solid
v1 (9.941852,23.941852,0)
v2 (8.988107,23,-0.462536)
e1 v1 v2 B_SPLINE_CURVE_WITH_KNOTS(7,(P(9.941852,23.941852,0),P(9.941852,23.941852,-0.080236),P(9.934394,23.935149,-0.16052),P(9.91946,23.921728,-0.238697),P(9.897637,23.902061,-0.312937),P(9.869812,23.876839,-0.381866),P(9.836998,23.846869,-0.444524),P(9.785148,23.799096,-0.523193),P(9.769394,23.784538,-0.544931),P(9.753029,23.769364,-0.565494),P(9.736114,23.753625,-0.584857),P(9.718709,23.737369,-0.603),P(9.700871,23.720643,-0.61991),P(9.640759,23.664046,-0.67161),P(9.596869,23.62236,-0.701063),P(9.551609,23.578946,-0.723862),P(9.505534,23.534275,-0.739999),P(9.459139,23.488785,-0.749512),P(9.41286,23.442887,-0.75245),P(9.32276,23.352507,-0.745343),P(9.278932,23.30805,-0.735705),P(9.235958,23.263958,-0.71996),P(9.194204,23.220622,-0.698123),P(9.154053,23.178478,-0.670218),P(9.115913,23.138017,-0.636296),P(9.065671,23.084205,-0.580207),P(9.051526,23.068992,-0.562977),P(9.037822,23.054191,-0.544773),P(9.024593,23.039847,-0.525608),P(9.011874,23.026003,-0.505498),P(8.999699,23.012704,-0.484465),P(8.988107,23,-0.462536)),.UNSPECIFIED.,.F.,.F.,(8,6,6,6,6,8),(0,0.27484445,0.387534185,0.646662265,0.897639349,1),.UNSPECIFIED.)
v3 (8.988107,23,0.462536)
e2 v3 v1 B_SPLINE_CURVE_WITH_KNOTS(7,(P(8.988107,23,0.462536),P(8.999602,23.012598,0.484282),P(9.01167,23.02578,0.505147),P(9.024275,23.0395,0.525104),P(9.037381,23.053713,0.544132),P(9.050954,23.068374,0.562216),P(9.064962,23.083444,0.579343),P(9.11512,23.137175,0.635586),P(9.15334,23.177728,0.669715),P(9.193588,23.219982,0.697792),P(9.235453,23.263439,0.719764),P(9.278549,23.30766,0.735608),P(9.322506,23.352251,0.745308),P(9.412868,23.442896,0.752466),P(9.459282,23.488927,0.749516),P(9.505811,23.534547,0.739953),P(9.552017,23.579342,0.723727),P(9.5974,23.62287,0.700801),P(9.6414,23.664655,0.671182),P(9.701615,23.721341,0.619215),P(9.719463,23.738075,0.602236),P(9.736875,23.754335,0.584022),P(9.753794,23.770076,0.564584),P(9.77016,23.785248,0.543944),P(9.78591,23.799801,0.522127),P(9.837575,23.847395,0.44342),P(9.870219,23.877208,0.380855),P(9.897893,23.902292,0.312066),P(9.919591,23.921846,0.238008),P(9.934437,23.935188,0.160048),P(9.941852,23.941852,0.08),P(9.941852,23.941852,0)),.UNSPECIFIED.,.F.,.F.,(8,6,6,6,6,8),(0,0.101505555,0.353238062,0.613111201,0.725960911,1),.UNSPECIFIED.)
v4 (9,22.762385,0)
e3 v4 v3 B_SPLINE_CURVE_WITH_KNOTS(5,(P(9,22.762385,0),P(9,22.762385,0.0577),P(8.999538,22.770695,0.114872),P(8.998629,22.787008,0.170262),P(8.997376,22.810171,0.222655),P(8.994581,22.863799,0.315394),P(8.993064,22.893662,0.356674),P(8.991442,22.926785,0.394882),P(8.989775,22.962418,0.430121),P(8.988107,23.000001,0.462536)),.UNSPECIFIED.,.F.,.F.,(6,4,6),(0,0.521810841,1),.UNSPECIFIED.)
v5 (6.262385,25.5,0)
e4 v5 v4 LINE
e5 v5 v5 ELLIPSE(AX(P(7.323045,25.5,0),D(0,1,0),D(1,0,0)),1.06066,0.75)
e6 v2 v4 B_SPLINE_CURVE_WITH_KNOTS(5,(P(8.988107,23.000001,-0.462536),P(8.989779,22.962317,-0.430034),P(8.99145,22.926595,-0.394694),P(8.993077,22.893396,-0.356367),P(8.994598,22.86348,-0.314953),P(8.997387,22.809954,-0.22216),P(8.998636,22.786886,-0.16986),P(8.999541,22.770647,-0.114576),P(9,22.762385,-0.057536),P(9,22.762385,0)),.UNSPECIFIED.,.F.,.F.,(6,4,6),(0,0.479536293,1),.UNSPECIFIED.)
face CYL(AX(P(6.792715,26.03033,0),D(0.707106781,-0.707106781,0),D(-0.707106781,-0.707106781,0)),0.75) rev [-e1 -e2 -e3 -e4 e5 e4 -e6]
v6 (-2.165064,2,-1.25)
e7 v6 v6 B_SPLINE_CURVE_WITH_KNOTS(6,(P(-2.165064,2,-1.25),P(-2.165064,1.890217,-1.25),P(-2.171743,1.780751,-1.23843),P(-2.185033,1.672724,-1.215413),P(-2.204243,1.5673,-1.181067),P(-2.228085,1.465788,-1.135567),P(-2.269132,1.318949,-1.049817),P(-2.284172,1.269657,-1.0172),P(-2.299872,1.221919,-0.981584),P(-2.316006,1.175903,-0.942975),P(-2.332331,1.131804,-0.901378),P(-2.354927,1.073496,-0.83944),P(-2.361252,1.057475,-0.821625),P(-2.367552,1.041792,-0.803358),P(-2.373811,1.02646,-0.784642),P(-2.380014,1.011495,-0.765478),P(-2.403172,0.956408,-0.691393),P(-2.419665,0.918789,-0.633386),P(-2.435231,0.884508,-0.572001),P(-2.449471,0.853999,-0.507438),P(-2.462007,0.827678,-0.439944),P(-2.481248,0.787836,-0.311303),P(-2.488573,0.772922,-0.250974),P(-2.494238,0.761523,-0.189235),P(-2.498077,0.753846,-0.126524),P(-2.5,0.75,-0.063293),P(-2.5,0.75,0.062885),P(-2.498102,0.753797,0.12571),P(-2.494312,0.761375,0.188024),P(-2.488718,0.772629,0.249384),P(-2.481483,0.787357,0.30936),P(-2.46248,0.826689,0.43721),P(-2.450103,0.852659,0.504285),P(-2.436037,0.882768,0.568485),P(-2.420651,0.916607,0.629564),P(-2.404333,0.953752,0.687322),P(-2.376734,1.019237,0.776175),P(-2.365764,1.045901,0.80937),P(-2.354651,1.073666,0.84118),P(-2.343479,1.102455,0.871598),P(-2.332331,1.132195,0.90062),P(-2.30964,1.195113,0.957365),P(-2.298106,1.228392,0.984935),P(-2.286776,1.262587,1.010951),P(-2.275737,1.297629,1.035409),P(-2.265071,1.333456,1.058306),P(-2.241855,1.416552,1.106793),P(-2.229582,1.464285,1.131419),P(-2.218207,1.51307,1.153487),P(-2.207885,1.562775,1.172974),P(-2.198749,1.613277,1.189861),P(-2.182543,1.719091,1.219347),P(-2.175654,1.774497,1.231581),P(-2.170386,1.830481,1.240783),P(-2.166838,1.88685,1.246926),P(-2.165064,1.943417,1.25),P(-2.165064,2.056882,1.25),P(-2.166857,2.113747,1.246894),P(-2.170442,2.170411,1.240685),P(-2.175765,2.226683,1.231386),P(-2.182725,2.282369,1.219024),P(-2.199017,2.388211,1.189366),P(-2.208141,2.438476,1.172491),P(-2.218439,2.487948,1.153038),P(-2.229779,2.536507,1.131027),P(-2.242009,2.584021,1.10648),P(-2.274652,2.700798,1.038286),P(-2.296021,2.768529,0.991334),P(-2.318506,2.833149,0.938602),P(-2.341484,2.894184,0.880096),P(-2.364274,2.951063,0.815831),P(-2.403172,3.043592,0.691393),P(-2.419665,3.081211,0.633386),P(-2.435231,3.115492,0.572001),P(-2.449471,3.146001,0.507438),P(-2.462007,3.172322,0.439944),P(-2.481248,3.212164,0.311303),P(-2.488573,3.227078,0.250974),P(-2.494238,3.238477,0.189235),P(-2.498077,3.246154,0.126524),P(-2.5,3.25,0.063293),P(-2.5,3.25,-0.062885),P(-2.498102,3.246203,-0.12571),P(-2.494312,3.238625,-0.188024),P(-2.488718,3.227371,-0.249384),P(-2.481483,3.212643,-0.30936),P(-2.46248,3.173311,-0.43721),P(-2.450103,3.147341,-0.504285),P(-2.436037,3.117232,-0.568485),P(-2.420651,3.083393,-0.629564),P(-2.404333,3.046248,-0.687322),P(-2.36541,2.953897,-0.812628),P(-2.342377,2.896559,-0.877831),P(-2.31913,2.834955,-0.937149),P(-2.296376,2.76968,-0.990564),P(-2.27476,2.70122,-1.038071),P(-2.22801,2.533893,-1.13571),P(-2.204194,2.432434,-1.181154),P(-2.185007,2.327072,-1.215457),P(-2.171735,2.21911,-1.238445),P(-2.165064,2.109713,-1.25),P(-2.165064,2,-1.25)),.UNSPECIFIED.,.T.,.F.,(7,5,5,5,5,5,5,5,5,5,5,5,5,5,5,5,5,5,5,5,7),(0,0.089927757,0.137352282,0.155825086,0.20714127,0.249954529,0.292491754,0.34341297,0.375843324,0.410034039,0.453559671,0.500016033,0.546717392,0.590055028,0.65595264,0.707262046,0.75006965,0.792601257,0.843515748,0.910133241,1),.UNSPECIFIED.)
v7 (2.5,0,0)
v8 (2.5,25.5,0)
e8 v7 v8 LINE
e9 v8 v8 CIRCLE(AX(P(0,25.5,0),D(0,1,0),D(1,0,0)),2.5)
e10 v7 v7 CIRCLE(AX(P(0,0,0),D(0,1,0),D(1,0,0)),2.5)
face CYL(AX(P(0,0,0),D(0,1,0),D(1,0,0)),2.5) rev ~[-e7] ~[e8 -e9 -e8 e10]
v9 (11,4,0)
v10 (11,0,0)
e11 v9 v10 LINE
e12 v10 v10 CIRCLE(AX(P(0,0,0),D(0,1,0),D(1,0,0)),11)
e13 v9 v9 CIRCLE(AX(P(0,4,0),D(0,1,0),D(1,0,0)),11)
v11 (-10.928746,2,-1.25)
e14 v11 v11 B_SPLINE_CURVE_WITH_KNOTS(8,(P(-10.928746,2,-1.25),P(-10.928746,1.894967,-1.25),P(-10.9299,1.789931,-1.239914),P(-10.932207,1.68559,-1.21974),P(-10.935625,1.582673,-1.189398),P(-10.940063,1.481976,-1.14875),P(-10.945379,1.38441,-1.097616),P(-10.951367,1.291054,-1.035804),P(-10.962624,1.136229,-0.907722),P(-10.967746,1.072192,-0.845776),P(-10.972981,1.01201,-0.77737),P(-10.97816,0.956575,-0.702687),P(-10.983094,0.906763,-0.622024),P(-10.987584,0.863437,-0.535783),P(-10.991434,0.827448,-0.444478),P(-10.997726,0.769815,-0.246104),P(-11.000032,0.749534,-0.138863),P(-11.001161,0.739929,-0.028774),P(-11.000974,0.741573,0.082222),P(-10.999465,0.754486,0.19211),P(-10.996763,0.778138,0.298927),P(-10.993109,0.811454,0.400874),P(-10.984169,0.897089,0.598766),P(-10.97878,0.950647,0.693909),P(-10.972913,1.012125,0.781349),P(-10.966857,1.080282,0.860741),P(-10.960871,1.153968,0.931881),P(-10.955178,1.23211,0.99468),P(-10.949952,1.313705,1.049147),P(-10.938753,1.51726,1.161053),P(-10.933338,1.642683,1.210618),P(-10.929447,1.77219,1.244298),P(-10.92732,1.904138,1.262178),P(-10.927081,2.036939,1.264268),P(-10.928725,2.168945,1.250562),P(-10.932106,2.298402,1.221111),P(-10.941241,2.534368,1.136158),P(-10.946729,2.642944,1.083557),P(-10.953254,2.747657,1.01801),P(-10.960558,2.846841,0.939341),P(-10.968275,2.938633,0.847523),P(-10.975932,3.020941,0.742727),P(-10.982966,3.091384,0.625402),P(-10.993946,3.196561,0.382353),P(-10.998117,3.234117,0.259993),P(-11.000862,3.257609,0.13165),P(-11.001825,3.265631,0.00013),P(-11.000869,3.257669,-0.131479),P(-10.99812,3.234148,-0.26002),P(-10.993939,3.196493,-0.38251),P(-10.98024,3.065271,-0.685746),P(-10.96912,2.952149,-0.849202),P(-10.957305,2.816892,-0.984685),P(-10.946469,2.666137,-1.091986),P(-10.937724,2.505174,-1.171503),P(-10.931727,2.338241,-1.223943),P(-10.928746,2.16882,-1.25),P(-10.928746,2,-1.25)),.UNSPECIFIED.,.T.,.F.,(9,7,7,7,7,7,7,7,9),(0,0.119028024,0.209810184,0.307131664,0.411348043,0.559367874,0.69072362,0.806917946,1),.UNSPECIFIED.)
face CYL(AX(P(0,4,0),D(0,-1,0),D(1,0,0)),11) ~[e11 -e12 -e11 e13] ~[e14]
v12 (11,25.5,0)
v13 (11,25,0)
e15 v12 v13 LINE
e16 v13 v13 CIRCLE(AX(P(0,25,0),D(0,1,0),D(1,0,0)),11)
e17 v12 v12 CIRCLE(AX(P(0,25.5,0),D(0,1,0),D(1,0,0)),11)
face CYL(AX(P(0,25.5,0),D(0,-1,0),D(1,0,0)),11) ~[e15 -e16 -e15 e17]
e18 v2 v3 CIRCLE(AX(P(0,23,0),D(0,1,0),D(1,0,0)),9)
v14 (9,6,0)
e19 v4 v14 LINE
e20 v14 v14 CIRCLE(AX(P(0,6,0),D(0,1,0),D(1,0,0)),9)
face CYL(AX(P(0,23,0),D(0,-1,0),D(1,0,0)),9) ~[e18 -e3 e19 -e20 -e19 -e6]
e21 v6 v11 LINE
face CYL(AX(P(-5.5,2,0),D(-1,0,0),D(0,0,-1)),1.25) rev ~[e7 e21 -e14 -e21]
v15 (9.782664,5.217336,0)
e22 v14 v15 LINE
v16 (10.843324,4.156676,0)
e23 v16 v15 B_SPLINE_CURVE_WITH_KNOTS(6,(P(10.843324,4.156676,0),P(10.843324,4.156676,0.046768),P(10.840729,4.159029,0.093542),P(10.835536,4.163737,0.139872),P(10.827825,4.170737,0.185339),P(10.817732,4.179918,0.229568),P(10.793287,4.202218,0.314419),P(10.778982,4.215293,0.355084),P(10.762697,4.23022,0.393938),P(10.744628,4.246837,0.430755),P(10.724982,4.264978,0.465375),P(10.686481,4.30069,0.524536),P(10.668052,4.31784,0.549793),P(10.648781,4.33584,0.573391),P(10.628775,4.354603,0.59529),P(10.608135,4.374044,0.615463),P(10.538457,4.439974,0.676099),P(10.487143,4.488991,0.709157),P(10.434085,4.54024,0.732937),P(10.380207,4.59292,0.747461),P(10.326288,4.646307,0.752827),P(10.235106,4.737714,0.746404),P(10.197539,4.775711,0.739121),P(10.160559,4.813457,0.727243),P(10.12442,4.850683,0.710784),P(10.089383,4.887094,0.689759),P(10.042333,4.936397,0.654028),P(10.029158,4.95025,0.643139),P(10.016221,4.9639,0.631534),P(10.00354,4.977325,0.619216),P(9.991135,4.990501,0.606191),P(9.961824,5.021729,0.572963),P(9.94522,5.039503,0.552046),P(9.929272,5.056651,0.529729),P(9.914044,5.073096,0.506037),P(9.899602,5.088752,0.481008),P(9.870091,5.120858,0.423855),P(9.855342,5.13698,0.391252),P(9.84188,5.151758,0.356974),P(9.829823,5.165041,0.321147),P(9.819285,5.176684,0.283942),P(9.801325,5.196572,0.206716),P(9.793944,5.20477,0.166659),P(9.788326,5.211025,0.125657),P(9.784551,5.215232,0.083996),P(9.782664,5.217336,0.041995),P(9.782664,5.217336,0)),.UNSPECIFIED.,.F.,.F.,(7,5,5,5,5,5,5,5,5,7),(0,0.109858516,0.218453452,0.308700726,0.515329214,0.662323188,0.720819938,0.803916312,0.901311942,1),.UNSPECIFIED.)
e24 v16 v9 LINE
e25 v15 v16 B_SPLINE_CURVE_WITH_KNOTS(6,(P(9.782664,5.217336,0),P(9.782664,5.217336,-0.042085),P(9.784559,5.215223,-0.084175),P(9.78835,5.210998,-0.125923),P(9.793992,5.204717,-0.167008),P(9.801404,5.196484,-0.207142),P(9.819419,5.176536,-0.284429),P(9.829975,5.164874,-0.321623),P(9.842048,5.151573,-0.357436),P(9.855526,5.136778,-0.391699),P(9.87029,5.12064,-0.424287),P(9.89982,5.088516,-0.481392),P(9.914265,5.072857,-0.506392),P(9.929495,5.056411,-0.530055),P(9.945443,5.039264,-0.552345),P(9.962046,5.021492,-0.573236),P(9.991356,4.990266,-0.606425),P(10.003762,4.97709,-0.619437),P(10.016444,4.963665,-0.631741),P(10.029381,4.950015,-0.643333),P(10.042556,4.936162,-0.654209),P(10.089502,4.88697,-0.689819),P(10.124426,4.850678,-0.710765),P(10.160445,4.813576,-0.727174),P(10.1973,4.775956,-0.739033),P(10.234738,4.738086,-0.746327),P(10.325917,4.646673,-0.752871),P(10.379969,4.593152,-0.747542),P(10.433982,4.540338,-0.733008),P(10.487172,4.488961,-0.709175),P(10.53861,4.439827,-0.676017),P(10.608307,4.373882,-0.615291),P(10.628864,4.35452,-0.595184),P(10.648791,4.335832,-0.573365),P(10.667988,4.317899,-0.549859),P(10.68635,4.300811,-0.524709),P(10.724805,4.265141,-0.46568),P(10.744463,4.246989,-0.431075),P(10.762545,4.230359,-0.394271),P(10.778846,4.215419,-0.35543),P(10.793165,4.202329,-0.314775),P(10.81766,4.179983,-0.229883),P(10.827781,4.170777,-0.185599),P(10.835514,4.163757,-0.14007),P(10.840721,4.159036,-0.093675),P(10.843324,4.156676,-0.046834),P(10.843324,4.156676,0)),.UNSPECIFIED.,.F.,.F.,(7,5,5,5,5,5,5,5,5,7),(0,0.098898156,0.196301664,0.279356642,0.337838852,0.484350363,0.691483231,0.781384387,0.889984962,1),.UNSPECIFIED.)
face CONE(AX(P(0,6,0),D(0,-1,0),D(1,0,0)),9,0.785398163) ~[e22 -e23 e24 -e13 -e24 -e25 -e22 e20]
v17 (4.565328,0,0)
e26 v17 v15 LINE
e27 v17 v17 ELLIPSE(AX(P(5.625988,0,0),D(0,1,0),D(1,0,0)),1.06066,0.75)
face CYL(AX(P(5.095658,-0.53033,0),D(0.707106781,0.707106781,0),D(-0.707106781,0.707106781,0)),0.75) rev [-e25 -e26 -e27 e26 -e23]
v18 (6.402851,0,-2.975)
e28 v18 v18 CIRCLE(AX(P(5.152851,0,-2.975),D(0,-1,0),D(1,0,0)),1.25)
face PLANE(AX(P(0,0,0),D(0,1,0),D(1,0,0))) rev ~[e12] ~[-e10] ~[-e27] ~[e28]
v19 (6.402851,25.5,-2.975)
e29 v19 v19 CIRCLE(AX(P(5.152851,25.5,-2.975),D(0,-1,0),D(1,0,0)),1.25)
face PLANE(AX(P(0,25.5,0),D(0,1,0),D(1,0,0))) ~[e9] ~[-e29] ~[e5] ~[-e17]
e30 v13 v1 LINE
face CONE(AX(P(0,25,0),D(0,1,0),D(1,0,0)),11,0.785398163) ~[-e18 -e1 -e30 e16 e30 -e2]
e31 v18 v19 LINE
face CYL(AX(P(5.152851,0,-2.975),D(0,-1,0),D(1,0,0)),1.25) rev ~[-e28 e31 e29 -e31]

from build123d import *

# Parameters (mm, degrees)
SKETCH9_R          = 1.25
CUT_EXTRUDE2_DEPTH = 26.5
SKETCH13_W         = 1.25
SKETCH13_H         = 11


with BuildPart() as part:
    # Sketch11 → Revolve1 (revolve)
    with BuildSketch(Plane.XY):
        Polygon((2.5, 25.5), (11, 25.5), (11, 25), (9, 23), (9, 6), (11, 4), (11, 0), (2.5, 0), align=None)
    revolve(axis=Axis((0, 0, 0), (0, 1, 0)))

    # Sketch9 → Cut-Extrude2 (cut, through all)
    with BuildSketch(Plane.XZ):
        with Locations((5.152851153, -2.975)):
            Circle(SKETCH9_R)
    extrude(amount=-CUT_EXTRUDE2_DEPTH, mode=Mode.SUBTRACT)

    # Sketch10 → Cut-Revolve1 (revolve, cut)
    with BuildSketch(Plane.XY):
        Polygon((5.095658377, -0.530330086), (4.565328291, 0), (9.782664146, 5.217335854), (10.312994231, 4.687005769), align=None)
    revolve(axis=Axis((10.312994231, 4.687005769, 0), (-0.707106781, -0.707106781, 0)), mode=Mode.SUBTRACT)

    # Sketch10_3 → Cut-Revolve2 (revolve, cut)
    with BuildSketch(Plane.XY):
        Polygon((10.41573594, 22.407308798), (6.792714652, 26.030330086), (6.262384566, 25.5), (9.885405854, 21.876978712), align=None)
    revolve(axis=Axis((10.41573594, 22.407308798, 0), (-0.707106781, 0.707106781, 0)), mode=Mode.SUBTRACT)

    # Sketch13 → M3x0.5 Tapped Hole1 (revolve, cut)
    with BuildSketch(Plane(origin=(0, 2, 0), x_dir=(0, 0, -1), z_dir=(0, 1, 0))):
        with Locations((0.625, 5.5)):
            Rectangle(SKETCH13_W, SKETCH13_H)
    revolve(axis=Axis((6.35, 2, 0), (-1, 0, 0)), mode=Mode.SUBTRACT)


solid = part.part
